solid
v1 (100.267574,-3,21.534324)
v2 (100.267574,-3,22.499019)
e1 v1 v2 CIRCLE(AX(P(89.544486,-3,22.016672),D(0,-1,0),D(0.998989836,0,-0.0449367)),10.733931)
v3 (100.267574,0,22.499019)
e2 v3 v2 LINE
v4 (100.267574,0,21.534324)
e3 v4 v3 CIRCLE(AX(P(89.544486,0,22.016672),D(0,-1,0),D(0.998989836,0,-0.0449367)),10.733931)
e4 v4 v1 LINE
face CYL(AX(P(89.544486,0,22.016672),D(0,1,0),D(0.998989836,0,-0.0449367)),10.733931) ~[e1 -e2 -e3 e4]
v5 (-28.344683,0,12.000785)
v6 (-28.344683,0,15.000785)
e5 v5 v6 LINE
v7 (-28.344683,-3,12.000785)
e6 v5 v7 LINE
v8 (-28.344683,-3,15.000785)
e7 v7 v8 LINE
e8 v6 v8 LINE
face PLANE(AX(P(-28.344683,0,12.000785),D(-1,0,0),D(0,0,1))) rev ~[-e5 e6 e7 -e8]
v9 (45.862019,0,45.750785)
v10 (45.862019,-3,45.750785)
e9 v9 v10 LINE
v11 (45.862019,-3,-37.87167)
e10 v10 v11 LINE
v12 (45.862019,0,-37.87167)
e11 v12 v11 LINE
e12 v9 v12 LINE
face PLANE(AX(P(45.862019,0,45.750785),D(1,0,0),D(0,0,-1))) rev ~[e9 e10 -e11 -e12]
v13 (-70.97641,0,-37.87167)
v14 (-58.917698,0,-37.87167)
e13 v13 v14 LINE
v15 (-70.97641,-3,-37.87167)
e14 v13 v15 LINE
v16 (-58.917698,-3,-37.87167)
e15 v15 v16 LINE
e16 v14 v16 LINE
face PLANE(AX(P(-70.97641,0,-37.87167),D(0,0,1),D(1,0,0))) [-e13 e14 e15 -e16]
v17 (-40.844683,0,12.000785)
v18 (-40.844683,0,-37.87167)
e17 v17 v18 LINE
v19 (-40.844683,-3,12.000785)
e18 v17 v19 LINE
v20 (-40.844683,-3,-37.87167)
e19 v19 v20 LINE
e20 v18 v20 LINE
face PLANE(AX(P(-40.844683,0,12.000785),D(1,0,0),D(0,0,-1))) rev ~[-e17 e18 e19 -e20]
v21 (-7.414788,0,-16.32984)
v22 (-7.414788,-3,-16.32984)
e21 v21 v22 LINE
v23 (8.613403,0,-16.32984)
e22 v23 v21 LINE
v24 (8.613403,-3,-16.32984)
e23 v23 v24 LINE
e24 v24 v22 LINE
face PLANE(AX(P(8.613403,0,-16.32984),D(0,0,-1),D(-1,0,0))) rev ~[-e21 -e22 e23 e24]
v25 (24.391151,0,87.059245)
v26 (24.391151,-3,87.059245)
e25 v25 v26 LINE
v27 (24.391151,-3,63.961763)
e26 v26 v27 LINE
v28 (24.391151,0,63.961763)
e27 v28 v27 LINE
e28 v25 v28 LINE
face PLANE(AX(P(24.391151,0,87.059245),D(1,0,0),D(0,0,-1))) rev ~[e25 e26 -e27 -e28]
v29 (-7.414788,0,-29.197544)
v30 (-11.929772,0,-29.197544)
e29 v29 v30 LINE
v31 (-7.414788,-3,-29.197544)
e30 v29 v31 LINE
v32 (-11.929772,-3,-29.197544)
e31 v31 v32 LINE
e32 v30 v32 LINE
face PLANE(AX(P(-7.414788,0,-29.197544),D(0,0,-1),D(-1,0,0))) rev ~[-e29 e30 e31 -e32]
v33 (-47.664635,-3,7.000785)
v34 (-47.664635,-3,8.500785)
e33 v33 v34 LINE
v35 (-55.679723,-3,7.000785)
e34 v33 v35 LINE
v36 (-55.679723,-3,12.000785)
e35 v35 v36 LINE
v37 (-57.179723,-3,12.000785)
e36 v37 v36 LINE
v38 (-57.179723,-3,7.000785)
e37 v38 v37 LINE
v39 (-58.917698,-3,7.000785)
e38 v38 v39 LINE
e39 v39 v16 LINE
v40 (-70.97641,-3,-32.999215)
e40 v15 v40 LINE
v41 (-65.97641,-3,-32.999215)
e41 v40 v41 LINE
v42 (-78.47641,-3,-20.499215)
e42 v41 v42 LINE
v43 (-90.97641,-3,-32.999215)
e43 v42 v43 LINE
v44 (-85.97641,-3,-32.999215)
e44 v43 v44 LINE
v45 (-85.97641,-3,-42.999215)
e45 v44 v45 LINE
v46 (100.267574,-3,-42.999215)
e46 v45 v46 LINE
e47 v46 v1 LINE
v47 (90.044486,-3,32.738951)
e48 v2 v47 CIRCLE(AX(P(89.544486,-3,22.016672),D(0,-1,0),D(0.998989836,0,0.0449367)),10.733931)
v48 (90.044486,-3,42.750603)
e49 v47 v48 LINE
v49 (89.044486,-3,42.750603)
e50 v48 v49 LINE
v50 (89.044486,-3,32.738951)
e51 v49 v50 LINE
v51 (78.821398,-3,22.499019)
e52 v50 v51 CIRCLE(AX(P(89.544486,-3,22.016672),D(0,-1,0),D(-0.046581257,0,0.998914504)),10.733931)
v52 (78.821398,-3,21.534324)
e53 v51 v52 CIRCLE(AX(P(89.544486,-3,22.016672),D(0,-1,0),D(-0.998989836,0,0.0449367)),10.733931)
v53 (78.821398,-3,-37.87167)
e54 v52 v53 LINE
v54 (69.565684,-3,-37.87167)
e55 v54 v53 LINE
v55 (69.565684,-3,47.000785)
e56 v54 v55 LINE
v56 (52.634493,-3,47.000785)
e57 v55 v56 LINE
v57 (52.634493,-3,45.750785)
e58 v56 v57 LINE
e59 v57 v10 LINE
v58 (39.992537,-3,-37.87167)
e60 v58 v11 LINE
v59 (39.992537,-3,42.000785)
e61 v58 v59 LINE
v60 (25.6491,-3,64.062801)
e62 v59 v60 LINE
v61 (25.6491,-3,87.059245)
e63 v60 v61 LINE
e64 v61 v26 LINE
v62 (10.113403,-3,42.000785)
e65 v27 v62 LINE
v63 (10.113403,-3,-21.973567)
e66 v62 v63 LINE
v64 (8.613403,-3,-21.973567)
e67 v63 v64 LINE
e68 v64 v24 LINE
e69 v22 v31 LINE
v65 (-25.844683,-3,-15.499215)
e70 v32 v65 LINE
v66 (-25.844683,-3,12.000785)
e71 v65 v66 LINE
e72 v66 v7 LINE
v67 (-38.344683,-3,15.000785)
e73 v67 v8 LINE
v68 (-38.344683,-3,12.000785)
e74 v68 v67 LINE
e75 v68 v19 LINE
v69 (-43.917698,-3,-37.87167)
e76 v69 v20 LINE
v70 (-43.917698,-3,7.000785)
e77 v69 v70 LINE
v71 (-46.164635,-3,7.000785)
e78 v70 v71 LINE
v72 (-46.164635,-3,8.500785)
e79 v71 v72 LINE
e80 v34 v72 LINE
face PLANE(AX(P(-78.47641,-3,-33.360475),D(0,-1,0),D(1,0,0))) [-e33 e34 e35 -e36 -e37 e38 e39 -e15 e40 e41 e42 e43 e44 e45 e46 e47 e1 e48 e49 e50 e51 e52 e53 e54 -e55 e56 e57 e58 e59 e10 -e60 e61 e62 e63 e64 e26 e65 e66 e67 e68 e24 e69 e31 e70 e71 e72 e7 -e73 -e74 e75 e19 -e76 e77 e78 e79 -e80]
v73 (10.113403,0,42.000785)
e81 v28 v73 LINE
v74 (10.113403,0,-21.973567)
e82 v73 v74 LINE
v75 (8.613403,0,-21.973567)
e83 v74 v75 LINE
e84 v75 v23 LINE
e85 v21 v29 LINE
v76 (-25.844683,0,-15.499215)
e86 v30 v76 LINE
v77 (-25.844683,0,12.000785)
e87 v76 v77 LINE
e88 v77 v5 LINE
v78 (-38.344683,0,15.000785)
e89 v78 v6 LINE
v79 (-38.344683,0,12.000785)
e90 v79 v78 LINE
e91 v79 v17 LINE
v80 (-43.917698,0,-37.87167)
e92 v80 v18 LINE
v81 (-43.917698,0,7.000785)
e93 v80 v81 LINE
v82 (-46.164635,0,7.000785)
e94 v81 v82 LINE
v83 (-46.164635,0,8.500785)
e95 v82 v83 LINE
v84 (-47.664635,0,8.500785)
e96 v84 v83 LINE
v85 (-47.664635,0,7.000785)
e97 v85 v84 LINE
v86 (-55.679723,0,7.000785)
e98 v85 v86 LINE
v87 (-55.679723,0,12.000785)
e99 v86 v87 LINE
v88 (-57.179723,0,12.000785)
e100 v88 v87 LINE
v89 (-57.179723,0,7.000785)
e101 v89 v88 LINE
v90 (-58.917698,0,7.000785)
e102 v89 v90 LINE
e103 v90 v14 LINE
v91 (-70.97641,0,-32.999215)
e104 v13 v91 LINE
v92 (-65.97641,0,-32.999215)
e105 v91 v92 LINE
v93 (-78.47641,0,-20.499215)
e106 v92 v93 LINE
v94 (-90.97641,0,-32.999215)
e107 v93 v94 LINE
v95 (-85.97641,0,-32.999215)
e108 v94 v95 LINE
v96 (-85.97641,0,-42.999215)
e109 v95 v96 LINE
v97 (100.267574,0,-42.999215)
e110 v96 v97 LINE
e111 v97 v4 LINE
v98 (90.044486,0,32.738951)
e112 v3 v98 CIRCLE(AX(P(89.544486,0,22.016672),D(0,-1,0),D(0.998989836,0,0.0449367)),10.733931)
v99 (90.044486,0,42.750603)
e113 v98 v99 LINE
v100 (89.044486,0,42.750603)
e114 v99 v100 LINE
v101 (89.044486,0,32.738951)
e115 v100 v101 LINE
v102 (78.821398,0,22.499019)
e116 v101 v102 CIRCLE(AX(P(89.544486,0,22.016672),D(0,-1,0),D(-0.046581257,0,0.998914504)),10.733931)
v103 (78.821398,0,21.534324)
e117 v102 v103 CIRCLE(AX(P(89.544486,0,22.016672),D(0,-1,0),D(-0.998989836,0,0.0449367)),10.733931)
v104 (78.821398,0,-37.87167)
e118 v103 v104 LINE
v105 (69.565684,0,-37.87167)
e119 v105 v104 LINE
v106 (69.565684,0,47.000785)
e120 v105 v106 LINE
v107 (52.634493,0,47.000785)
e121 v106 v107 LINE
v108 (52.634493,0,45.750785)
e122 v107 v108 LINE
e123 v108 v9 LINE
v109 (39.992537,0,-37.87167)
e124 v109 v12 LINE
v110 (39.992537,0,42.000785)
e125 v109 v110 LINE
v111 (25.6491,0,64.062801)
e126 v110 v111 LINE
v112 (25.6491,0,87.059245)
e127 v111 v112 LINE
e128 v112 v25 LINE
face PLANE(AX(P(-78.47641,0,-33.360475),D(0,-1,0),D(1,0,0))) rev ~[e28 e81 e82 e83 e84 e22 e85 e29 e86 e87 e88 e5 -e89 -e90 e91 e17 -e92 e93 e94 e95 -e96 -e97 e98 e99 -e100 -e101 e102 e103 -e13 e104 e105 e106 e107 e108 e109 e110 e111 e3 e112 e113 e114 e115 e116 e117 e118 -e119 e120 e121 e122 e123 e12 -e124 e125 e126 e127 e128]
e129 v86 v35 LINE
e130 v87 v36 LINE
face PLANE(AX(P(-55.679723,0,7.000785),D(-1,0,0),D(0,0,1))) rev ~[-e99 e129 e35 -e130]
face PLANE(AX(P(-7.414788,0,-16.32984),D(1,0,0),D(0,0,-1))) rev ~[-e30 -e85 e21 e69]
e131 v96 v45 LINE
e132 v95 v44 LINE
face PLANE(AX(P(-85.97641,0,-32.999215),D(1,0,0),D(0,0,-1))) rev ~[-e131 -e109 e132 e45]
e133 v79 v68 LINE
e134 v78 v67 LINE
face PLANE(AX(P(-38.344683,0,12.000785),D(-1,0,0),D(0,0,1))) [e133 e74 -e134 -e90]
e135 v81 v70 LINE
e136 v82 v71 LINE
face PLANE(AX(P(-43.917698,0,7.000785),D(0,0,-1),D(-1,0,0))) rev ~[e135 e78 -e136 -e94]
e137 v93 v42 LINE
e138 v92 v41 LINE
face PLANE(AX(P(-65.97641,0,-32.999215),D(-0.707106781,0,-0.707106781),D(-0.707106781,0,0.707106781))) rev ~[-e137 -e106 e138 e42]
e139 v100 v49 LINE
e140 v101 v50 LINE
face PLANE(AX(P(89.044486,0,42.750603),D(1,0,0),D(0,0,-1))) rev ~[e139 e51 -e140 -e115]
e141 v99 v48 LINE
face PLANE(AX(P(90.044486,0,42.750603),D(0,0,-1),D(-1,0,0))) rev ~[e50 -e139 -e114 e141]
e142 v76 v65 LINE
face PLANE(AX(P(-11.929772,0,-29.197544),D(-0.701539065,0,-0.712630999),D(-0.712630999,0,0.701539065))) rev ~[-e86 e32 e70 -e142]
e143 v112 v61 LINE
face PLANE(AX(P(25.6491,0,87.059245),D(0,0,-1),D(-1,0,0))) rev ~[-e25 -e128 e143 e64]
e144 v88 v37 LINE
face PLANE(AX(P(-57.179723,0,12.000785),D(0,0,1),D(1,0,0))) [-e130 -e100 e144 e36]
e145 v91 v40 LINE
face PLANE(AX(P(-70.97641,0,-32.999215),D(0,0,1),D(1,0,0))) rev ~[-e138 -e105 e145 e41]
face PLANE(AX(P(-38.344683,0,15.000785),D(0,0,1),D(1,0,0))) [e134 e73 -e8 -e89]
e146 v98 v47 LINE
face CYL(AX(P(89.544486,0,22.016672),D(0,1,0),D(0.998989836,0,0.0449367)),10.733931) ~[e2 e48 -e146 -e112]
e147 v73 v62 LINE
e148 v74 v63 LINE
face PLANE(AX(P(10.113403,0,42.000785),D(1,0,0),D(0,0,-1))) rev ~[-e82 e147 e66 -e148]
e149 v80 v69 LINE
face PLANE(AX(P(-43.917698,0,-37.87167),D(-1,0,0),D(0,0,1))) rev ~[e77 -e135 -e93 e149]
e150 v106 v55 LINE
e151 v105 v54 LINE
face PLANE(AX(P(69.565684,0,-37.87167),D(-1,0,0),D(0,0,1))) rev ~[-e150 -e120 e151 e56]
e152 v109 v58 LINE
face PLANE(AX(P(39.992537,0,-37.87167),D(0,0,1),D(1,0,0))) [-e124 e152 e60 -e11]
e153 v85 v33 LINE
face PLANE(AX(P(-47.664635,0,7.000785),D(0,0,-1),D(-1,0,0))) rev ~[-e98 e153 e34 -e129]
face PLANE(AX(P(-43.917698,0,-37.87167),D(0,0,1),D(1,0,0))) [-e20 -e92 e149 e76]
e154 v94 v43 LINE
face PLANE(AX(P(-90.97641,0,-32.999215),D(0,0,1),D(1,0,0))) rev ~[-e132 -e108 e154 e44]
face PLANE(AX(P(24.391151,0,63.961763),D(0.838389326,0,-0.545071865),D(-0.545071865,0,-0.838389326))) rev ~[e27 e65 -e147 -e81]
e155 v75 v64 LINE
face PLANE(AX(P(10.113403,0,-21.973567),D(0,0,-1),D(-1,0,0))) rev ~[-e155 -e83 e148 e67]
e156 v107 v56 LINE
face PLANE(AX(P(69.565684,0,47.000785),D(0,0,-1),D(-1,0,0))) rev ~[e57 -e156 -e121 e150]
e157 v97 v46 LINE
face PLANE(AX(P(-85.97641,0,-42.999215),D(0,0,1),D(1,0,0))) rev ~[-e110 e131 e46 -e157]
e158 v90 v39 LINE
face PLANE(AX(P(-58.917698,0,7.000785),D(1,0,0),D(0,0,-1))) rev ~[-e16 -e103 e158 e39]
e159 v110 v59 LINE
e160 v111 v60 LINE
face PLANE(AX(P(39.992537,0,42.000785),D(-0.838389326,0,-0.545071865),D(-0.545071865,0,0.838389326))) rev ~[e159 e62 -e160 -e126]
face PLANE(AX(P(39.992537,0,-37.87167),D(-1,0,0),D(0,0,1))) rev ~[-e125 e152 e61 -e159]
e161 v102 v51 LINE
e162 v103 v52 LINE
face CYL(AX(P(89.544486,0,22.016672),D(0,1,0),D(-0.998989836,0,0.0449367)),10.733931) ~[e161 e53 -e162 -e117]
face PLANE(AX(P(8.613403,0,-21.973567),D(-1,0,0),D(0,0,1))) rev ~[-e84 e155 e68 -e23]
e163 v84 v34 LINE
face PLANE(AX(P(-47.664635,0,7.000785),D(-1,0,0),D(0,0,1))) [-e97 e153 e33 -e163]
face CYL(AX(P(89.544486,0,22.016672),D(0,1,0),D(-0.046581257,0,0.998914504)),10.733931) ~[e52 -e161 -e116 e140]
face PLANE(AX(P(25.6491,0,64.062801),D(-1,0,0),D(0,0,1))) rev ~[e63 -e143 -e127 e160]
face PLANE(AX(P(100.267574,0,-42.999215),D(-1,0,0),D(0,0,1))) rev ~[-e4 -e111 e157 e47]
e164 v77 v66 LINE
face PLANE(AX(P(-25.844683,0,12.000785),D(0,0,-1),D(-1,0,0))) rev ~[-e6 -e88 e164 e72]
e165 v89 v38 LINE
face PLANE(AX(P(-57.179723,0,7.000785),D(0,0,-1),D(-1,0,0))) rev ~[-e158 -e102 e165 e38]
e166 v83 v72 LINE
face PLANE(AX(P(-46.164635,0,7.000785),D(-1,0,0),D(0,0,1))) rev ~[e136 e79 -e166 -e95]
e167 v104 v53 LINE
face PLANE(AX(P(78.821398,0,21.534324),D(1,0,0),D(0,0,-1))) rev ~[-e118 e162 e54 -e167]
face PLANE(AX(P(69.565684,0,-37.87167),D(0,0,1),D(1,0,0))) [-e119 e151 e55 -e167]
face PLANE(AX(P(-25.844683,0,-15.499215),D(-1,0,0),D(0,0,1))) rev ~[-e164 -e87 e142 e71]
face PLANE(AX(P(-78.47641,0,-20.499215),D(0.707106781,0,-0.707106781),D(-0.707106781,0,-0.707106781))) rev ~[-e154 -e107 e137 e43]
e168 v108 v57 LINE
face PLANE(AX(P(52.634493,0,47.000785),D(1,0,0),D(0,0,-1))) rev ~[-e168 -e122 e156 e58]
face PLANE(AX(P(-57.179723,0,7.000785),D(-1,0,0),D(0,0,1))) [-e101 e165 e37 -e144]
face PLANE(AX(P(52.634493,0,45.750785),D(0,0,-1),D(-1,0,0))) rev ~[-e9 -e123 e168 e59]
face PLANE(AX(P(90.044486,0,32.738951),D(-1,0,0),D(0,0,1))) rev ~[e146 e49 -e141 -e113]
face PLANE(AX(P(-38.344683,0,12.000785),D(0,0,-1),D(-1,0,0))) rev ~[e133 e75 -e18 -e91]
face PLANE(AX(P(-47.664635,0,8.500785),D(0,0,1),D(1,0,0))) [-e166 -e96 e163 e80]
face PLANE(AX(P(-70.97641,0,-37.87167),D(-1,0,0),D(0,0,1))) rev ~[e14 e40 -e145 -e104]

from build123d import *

# Parameters (mm, degrees)
F0_W     = 12.0587127507
F0_H     = 5.1275454462
F0_W_2   = 3.073014915
F0_W_3   = 1.5
F0_H_2   = 5
F0_W_4   = 5.8694817126
F0_H_3   = 1.5
F0_W_5   = 10
F0_H_4   = 3
F0_W_6   = 9.2557147145
F1_DEPTH = 3


with BuildPart() as f1:
    # F0 (on Front) → F1 (new body)
    with BuildSketch(Plane.XZ):
        Polygon((-85.9764102697, -32.9992154241), (-85.9764102697, -42.9992154241), (-70.9764102697, -42.9992154241), (-70.9764102697, -37.8716699779), (-70.9764102697, -32.9992154241), (-65.9764102697, -32.9992154241), (-78.4764102697, -20.4992154241), (-90.9764102697, -32.9992154241), align=None)
        with Locations((-64.9470538944, -40.435442701)):
            Rectangle(F0_W, F0_H)
        Polygon((-58.9176975191, -37.8716699779), (-58.9176975191, -42.9992154241), (-43.9176975191, -42.9992154241), (-43.9176975191, -37.8716699779), (-43.9176975191, 7.0007845759), (-46.1646348834, 7.0007845759), (-47.6646348834, 7.0007845759), (-55.679722935, 7.0007845759), (-57.179722935, 7.0007845759), (-58.9176975191, 7.0007845759), align=None)
        with Locations((-42.3811900616, -40.435442701)):
            Rectangle(F0_W_2, F0_H)
        Polygon((-40.8446826041, -37.8716699779), (-40.8446826041, -42.9992154241), (-25.8446826041, -42.9992154241), (-25.8446826041, -15.4992154241), (-25.8446826041, 12.0007845759), (-28.3446826041, 12.0007845759), (-38.3446826041, 12.0007845759), (-40.8446826041, 12.0007845759), align=None)
        Polygon((-25.8446826041, -15.4992154241), (-25.8446826041, -42.9992154241), (39.9925373495, -42.9992154241), (39.9925373495, -37.8716699779), (39.9925373495, 42.0007845759), (25.0529701523, 42.0007845759), (10.1134029552, 42.0007845759), (10.1134029552, -21.9735670835), (8.6134029552, -21.9735670835), (8.6134029552, -16.3298398256), (-7.4147884734, -16.3298398256), (-7.4147884734, -29.1975438595), (-11.9297718629, -29.1975438595), align=None)
        with Locations((-56.429722935, 9.5007845759)):
            Rectangle(F0_W_3, F0_H_2)
        with Locations((42.9272782058, -40.435442701)):
            Rectangle(F0_W_4, F0_H)
        with Locations((-46.9146348834, 7.7507845759)):
            Rectangle(F0_W_3, F0_H_3)
        Polygon((45.862019062, -37.8716699779), (45.862019062, -42.9992154241), (69.5656836033, -42.9992154241), (69.5656836033, -37.8716699779), (69.5656836033, 47.0007845759), (52.6344925165, 47.0007845759), (52.6344925165, 45.7507845759), (45.862019062, 45.7507845759), align=None)
        with Locations((-33.3446826041, 13.5007845759)):
            Rectangle(F0_W_5, F0_H_4)
        with Locations((74.1935409606, -40.435442701)):
            Rectangle(F0_W_6, F0_H)
        Polygon((25.0529701523, 42.0007845759), (39.9925373495, 42.0007845759), (25.6491004298, 64.0628009761), (25.0529701523, 64.979724586), align=None)
        with BuildLine():
            Line((78.8213983178, -37.8716699779), (78.8213983178, -42.9992154241))
            Line((78.8213983178, -42.9992154241), (100.2675741911, -42.9992154241))
            Line((100.2675741911, -42.9992154241), (100.2675741911, 21.5343244148))
            Line((100.2675741911, 21.5343244148), (100.2675741911, 22.4990192801))
            ThreePointArc((100.2675741911, 22.4990192801), (97.140766726, 29.6004569802), (90.0444862545, 32.7389511733))
            ThreePointArc((90.0444862545, 32.7389511733), (89.5444862545, 32.7506028116), (89.0444862545, 32.7389511733))
            ThreePointArc((89.0444862545, 32.7389511733), (81.9482057829, 29.6004569802), (78.8213983178, 22.4990192801))
            Line((78.8213983178, 22.4990192801), (78.8213983178, 21.5343244148))
            Line((78.8213983178, 21.5343244148), (78.8213983178, -37.8716699779))
        make_face()
        Polygon((10.1134029552, 42.0007845759), (25.0529701523, 42.0007845759), (25.0529701523, 64.979724586), (24.3911507636, 63.9617628318), align=None)
        Polygon((25.0529701523, 64.979724586), (25.6491004298, 64.0628009761), (25.6491004298, 87.0592445135), (25.0529701523, 87.0592445135), align=None)
        Polygon((24.3911507636, 63.9617628318), (25.0529701523, 64.979724586), (25.0529701523, 87.0592445135), (24.3911507636, 87.0592445135), align=None)
        with BuildLine():
            Line((100.2675741911, 22.4990192801), (100.2675741911, 21.5343244148))
            ThreePointArc((100.2675741911, 21.5343244148), (100.2784172186, 22.0166718474), (100.2675741911, 22.4990192801))
        make_face()
        with BuildLine():
            ThreePointArc((78.8213983178, 22.4990192801), (78.8105552903, 22.0166718474), (78.8213983178, 21.5343244148))
            Line((78.8213983178, 21.5343244148), (78.8213983178, 22.4990192801))
        make_face()
        with BuildLine():
            ThreePointArc((89.0444862545, 32.7389511733), (89.5444862545, 32.7506028116), (90.0444862545, 32.7389511733))
            Line((90.0444862545, 32.7389511733), (90.0444862545, 42.7506028116))
            Line((90.0444862545, 42.7506028116), (89.0444862545, 42.7506028116))
            Line((89.0444862545, 42.7506028116), (89.0444862545, 32.7389511733))
        make_face()
    extrude(amount=F1_DEPTH)


solid = f1.part
